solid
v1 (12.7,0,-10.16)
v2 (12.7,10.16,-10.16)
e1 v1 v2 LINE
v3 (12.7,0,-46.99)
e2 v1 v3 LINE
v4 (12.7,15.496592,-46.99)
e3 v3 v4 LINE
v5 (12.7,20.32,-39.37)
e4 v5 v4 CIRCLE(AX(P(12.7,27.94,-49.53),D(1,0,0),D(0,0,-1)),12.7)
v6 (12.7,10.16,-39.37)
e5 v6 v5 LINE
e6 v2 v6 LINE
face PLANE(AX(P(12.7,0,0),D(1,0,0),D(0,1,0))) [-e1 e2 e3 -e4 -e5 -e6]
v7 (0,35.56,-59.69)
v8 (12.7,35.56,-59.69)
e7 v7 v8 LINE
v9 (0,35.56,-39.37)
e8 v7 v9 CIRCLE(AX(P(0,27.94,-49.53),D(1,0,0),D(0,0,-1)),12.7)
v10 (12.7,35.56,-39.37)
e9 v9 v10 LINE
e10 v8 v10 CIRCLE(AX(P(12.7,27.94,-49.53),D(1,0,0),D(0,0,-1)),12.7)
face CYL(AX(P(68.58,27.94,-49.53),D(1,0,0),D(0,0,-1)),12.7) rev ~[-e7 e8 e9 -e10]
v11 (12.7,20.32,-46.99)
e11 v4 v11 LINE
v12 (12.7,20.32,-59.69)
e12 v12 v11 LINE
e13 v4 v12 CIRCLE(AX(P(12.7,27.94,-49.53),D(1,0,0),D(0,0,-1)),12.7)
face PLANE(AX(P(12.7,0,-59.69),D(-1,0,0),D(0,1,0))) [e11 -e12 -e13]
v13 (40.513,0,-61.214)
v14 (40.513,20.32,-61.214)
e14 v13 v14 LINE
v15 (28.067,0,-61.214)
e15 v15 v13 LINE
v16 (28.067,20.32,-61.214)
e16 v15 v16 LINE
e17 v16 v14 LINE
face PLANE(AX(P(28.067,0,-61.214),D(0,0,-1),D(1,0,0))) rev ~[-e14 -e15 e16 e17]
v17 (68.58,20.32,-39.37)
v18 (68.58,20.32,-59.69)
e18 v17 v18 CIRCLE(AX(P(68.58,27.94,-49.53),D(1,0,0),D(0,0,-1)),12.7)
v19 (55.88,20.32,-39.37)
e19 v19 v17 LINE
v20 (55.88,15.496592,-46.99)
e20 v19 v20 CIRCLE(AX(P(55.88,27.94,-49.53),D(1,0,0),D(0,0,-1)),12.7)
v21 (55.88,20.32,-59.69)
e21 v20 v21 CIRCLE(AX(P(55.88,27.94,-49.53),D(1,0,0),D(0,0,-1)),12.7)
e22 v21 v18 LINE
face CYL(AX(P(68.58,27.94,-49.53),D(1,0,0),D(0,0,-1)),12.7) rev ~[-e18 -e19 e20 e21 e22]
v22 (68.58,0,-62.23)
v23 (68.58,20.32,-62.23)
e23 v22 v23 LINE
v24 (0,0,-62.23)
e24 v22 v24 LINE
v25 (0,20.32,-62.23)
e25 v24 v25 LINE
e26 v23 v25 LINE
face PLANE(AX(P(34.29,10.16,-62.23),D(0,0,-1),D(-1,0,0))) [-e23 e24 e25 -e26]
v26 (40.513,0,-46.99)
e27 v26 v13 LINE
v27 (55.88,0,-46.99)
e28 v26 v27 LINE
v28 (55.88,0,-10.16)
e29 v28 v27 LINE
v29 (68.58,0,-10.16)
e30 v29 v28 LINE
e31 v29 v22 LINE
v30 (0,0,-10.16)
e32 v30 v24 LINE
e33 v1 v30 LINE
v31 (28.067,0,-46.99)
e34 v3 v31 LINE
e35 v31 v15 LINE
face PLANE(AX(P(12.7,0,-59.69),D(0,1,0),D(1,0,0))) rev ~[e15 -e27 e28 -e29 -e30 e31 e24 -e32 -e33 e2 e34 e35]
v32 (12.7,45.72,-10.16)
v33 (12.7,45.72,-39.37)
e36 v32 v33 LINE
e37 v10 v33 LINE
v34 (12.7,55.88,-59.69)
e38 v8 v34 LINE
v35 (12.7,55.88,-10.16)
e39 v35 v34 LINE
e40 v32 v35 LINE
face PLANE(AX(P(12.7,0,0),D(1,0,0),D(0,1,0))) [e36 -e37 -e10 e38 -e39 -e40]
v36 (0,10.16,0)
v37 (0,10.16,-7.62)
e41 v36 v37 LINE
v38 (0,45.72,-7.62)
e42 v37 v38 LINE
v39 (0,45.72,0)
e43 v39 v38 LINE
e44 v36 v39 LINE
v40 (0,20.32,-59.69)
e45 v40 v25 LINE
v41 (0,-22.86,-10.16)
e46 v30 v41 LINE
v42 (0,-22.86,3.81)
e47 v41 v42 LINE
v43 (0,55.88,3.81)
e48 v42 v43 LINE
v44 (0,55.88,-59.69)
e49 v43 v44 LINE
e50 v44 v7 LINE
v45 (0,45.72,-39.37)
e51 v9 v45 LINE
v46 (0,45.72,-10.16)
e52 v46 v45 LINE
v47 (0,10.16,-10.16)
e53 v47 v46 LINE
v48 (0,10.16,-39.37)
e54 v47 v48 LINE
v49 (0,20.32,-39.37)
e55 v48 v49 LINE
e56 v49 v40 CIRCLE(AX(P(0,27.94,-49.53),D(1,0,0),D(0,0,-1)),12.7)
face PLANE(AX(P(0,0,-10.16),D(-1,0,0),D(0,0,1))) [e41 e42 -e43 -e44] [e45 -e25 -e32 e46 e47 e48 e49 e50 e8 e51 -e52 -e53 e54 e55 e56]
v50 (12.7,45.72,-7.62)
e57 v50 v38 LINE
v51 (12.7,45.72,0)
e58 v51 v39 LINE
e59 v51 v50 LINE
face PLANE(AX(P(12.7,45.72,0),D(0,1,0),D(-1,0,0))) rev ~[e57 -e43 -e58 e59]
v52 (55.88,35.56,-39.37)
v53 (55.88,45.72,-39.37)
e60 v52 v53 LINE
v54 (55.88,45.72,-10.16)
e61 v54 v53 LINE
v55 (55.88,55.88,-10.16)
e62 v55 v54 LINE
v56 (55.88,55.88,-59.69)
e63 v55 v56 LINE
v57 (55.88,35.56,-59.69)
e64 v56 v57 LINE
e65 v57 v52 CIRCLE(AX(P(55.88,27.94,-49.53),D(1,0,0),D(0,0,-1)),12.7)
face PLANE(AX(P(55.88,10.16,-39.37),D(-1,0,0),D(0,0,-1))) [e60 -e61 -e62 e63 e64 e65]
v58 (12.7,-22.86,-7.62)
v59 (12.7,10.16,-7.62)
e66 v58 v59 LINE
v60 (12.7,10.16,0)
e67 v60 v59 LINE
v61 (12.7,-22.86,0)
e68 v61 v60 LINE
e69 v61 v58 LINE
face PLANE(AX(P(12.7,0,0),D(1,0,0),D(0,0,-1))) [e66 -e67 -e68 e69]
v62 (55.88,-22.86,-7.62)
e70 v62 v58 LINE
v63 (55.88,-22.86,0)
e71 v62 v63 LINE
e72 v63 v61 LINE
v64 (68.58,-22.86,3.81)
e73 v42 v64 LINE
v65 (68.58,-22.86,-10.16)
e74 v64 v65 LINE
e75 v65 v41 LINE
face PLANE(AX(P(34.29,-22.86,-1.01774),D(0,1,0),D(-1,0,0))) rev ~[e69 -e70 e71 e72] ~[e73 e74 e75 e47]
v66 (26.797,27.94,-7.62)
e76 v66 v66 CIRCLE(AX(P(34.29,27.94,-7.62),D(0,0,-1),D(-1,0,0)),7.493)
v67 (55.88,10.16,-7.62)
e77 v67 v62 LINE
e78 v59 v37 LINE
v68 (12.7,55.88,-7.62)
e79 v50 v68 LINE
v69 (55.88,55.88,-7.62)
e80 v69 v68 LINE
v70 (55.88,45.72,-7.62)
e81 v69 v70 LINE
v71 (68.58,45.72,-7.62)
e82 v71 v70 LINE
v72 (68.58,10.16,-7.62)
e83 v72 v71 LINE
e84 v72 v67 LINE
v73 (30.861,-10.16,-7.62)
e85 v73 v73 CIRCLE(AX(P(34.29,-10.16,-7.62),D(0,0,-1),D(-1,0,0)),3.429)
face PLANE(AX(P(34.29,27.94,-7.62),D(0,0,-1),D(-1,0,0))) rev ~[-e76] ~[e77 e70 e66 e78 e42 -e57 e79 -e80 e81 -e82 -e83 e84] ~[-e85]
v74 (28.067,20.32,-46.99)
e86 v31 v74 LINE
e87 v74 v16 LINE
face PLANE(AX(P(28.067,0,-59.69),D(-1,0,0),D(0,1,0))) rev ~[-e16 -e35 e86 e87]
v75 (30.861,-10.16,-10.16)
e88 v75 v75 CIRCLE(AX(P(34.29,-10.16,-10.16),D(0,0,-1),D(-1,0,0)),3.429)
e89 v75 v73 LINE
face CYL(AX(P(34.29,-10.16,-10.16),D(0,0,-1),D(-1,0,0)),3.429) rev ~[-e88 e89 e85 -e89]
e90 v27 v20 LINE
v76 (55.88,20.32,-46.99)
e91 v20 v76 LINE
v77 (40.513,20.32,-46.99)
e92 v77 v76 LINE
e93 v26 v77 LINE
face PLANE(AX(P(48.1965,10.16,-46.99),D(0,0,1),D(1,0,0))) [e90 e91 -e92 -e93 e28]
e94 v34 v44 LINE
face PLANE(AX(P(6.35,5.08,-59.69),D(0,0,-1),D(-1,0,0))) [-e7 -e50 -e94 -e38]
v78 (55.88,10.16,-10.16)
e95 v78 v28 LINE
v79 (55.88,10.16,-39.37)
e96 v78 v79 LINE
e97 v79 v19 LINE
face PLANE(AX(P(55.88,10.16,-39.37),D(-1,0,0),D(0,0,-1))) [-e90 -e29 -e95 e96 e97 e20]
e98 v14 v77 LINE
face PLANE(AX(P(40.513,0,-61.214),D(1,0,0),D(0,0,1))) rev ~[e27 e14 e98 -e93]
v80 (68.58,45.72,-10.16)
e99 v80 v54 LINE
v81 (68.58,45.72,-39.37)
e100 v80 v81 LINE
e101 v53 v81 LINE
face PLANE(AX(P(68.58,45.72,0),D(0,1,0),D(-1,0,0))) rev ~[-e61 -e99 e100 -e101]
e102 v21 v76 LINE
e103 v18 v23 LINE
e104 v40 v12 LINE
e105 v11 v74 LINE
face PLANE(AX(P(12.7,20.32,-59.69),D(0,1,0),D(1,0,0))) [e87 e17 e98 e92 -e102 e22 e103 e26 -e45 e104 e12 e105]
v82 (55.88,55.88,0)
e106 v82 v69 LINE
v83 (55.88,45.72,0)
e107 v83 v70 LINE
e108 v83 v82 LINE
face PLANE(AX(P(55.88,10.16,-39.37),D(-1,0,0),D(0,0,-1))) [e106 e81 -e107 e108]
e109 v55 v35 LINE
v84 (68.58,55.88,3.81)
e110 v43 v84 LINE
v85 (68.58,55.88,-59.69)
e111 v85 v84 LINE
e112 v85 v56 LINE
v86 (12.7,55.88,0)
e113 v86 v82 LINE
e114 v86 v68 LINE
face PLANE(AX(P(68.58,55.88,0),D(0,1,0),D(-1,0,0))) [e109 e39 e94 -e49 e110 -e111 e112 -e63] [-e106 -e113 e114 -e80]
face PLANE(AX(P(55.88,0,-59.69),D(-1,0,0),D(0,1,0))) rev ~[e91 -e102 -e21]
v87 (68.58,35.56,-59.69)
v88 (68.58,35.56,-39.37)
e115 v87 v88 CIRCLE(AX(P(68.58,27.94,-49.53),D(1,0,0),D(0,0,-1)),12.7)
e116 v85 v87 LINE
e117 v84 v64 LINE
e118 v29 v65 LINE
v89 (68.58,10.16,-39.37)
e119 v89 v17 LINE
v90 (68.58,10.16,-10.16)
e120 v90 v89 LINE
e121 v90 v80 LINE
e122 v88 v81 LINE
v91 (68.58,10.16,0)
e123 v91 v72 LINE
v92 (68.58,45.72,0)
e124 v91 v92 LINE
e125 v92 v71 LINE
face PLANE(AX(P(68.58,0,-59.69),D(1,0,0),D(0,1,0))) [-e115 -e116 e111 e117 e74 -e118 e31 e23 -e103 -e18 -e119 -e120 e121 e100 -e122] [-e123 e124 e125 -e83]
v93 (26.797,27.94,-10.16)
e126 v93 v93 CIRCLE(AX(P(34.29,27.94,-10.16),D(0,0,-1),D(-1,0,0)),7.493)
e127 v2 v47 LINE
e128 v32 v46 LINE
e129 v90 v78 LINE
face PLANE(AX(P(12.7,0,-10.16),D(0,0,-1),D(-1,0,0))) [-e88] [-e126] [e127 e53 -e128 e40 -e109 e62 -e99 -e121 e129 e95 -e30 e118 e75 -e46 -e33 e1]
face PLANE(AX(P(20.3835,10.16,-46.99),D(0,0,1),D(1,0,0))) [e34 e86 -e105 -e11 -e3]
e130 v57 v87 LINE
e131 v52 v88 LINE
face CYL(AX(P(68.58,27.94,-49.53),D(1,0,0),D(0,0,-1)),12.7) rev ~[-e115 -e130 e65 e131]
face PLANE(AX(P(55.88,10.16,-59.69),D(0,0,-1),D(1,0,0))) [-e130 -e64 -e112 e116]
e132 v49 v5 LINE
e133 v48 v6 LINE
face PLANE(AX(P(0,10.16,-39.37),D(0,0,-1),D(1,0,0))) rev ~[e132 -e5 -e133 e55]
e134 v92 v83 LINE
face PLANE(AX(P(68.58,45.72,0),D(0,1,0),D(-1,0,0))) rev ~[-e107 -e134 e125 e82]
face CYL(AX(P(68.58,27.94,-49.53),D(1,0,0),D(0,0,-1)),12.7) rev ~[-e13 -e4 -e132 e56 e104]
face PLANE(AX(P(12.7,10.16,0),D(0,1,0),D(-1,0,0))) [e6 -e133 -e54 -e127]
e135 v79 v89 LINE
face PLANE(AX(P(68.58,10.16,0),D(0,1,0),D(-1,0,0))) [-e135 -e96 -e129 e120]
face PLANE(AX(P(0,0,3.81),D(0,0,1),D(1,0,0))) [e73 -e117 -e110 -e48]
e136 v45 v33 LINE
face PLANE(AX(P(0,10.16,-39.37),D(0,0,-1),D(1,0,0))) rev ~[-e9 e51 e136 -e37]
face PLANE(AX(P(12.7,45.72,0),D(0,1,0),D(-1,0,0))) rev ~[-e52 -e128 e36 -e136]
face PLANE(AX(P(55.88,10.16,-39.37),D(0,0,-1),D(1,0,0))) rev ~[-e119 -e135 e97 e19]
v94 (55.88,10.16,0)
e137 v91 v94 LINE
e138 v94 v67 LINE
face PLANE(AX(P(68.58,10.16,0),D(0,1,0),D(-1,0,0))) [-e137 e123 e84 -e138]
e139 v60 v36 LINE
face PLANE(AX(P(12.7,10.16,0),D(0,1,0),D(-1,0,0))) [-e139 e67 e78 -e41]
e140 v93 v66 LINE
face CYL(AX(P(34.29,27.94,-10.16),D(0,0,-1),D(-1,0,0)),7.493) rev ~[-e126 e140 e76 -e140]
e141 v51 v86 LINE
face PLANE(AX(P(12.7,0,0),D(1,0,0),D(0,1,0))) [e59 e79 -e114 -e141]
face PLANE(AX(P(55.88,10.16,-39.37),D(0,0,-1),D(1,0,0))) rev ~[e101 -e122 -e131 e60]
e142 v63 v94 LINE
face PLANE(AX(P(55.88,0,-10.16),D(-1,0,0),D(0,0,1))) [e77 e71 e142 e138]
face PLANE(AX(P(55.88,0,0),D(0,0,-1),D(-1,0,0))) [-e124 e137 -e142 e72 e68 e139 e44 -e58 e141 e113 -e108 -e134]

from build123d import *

# Parameters (mm, degrees)
SKETCH1_W           = 68.58
SKETCH1_H           = 55.88
BOSS_EXTRUDE1_DEPTH = 3.81
SKETCH2_W           = 12.7
SKETCH2_H           = 10.16
BOSS_EXTRUDE2_DEPTH = 59.69
SKETCH6_W           = 12.7
SKETCH6_H           = 20.32
BOSS_EXTRUDE3_DEPTH = 35.56
SKETCH4_R           = 12.7
CUT_EXTRUDE1_DEPTH  = 107.717790925
SKETCH7_W           = 68.58
SKETCH7_H           = 55.88
SKETCH7_W_2         = 43.18
SKETCH7_H_2         = 22.86
BOSS_EXTRUDE4_DEPTH = 2.54
SKETCH8_R           = 3.429
SKETCH8_R_2         = 7.493
CUT_EXTRUDE2_DEPTH  = 2.54
SKETCH9_W           = 68.58
SKETCH9_H           = 20.32
BOSS_EXTRUDE5_DEPTH = 2.54
CUT_EXTRUDE3_REACH  = 110.159
SKETCH10_W          = 12.446
SKETCH10_H          = 3.048
SKETCH11_W          = 15.367
SKETCH11_H          = 20.32
BOSS_EXTRUDE6_DEPTH = 12.7
BOSS_EXTRUDE7_DEPTH = 22.86


with BuildPart() as part:
    # Sketch1 → Boss-Extrude1 (new body)
    with BuildSketch(Plane.XY):
        with Locations((34.29, 27.94)):
            Rectangle(SKETCH1_W, SKETCH1_H)
    extrude(amount=BOSS_EXTRUDE1_DEPTH)

    # Sketch2 → Boss-Extrude2 (add)
    with BuildSketch(Plane(origin=(0, 0, 0), x_dir=(-1, 0, 0), z_dir=(0, 0, -1))):
        with Locations((-62.23, 50.8)):
            Rectangle(SKETCH2_W, SKETCH2_H)
        with Locations((-6.35, 50.8)):
            Rectangle(SKETCH2_W, SKETCH2_H)
        with Locations((-6.35, 5.08)):
            Rectangle(SKETCH2_W, SKETCH2_H)
        with Locations((-62.23, 5.08)):
            Rectangle(SKETCH2_W, SKETCH2_H)
    extrude(amount=BOSS_EXTRUDE2_DEPTH)

    # Sketch6 → Boss-Extrude3 (add)
    with BuildSketch(Plane(origin=(0, 10.16, 0), x_dir=(1, 0, 0), z_dir=(0, 1, 0))):
        with Locations((62.23, 49.53)):
            Rectangle(SKETCH6_W, SKETCH6_H)
        with Locations((6.35, 49.53)):
            Rectangle(SKETCH6_W, SKETCH6_H)
    extrude(amount=BOSS_EXTRUDE3_DEPTH)

    # Sketch4 → Cut-Extrude1 (cut, through all)
    with BuildSketch(Plane(origin=(68.58, 0, 0), x_dir=(0, 0, -1), z_dir=(1, 0, 0))):
        with Locations((49.53, 27.94)):
            Circle(SKETCH4_R)
    extrude(amount=-CUT_EXTRUDE1_DEPTH, mode=Mode.SUBTRACT)

    # Sketch7 → Boss-Extrude4 (add)
    with BuildSketch(Plane(origin=(0, 0, -7.62), x_dir=(-1, 0, 0), z_dir=(0, 0, -1))):
        with Locations((-34.29, 27.94)):
            Rectangle(SKETCH7_W, SKETCH7_H)
        with Locations((-34.29, -11.43)):
            Rectangle(SKETCH7_W_2, SKETCH7_H_2)
    extrude(amount=BOSS_EXTRUDE4_DEPTH)

    # Sketch8 → Cut-Extrude2 (cut)
    with BuildSketch(Plane(origin=(0, 0, -10.16), x_dir=(-1, 0, 0), z_dir=(0, 0, -1))):
        with Locations((-34.29, -10.16)):
            Circle(SKETCH8_R)
        with Locations((-34.29, 27.94)):
            Circle(SKETCH8_R_2)
    extrude(amount=-CUT_EXTRUDE2_DEPTH, mode=Mode.SUBTRACT)

    # Sketch9 → Boss-Extrude5 (add)
    with BuildSketch(Plane(origin=(0, 0, -59.69), x_dir=(-1, 0, 0), z_dir=(0, 0, -1))):
        with Locations((-34.29, 10.16)):
            Rectangle(SKETCH9_W, SKETCH9_H)
    extrude(amount=BOSS_EXTRUDE5_DEPTH)

    # Sketch10 → Cut-Extrude3 (cut, up to next)
    with BuildSketch(Plane.XZ, mode=Mode.PRIVATE) as cut_extrude3_sk1:
        with Locations((34.29, -59.69)):
            Rectangle(SKETCH10_W, SKETCH10_H)
    cut_extrude3_tool1 = extrude(cut_extrude3_sk1.sketch, amount=-CUT_EXTRUDE3_REACH, mode=Mode.PRIVATE) & part.part
    add(cut_extrude3_tool1.solids().sort_by_distance((34.29, 0, -59.69))[0], mode=Mode.SUBTRACT)

    # Sketch11 → Boss-Extrude6 (add)
    with BuildSketch(Plane.XY.offset(-59.69)):
        with Locations((20.3835, 10.16)):
            Rectangle(SKETCH11_W, SKETCH11_H)
        with Locations((48.1965, 10.16)):
            Rectangle(SKETCH11_W, SKETCH11_H)
    extrude(amount=BOSS_EXTRUDE6_DEPTH)

    # Sketch12 → Boss-Extrude7 (add)
    with BuildSketch(Plane.XZ):
        Polygon((12.7, -10.16), (0, -10.16), (0, 3.81), (68.58, 3.81), (68.58, -10.16), (55.88, -10.16), (55.88, 0), (12.7, 0), align=None)
    extrude(amount=BOSS_EXTRUDE7_DEPTH)


solid = part.part
